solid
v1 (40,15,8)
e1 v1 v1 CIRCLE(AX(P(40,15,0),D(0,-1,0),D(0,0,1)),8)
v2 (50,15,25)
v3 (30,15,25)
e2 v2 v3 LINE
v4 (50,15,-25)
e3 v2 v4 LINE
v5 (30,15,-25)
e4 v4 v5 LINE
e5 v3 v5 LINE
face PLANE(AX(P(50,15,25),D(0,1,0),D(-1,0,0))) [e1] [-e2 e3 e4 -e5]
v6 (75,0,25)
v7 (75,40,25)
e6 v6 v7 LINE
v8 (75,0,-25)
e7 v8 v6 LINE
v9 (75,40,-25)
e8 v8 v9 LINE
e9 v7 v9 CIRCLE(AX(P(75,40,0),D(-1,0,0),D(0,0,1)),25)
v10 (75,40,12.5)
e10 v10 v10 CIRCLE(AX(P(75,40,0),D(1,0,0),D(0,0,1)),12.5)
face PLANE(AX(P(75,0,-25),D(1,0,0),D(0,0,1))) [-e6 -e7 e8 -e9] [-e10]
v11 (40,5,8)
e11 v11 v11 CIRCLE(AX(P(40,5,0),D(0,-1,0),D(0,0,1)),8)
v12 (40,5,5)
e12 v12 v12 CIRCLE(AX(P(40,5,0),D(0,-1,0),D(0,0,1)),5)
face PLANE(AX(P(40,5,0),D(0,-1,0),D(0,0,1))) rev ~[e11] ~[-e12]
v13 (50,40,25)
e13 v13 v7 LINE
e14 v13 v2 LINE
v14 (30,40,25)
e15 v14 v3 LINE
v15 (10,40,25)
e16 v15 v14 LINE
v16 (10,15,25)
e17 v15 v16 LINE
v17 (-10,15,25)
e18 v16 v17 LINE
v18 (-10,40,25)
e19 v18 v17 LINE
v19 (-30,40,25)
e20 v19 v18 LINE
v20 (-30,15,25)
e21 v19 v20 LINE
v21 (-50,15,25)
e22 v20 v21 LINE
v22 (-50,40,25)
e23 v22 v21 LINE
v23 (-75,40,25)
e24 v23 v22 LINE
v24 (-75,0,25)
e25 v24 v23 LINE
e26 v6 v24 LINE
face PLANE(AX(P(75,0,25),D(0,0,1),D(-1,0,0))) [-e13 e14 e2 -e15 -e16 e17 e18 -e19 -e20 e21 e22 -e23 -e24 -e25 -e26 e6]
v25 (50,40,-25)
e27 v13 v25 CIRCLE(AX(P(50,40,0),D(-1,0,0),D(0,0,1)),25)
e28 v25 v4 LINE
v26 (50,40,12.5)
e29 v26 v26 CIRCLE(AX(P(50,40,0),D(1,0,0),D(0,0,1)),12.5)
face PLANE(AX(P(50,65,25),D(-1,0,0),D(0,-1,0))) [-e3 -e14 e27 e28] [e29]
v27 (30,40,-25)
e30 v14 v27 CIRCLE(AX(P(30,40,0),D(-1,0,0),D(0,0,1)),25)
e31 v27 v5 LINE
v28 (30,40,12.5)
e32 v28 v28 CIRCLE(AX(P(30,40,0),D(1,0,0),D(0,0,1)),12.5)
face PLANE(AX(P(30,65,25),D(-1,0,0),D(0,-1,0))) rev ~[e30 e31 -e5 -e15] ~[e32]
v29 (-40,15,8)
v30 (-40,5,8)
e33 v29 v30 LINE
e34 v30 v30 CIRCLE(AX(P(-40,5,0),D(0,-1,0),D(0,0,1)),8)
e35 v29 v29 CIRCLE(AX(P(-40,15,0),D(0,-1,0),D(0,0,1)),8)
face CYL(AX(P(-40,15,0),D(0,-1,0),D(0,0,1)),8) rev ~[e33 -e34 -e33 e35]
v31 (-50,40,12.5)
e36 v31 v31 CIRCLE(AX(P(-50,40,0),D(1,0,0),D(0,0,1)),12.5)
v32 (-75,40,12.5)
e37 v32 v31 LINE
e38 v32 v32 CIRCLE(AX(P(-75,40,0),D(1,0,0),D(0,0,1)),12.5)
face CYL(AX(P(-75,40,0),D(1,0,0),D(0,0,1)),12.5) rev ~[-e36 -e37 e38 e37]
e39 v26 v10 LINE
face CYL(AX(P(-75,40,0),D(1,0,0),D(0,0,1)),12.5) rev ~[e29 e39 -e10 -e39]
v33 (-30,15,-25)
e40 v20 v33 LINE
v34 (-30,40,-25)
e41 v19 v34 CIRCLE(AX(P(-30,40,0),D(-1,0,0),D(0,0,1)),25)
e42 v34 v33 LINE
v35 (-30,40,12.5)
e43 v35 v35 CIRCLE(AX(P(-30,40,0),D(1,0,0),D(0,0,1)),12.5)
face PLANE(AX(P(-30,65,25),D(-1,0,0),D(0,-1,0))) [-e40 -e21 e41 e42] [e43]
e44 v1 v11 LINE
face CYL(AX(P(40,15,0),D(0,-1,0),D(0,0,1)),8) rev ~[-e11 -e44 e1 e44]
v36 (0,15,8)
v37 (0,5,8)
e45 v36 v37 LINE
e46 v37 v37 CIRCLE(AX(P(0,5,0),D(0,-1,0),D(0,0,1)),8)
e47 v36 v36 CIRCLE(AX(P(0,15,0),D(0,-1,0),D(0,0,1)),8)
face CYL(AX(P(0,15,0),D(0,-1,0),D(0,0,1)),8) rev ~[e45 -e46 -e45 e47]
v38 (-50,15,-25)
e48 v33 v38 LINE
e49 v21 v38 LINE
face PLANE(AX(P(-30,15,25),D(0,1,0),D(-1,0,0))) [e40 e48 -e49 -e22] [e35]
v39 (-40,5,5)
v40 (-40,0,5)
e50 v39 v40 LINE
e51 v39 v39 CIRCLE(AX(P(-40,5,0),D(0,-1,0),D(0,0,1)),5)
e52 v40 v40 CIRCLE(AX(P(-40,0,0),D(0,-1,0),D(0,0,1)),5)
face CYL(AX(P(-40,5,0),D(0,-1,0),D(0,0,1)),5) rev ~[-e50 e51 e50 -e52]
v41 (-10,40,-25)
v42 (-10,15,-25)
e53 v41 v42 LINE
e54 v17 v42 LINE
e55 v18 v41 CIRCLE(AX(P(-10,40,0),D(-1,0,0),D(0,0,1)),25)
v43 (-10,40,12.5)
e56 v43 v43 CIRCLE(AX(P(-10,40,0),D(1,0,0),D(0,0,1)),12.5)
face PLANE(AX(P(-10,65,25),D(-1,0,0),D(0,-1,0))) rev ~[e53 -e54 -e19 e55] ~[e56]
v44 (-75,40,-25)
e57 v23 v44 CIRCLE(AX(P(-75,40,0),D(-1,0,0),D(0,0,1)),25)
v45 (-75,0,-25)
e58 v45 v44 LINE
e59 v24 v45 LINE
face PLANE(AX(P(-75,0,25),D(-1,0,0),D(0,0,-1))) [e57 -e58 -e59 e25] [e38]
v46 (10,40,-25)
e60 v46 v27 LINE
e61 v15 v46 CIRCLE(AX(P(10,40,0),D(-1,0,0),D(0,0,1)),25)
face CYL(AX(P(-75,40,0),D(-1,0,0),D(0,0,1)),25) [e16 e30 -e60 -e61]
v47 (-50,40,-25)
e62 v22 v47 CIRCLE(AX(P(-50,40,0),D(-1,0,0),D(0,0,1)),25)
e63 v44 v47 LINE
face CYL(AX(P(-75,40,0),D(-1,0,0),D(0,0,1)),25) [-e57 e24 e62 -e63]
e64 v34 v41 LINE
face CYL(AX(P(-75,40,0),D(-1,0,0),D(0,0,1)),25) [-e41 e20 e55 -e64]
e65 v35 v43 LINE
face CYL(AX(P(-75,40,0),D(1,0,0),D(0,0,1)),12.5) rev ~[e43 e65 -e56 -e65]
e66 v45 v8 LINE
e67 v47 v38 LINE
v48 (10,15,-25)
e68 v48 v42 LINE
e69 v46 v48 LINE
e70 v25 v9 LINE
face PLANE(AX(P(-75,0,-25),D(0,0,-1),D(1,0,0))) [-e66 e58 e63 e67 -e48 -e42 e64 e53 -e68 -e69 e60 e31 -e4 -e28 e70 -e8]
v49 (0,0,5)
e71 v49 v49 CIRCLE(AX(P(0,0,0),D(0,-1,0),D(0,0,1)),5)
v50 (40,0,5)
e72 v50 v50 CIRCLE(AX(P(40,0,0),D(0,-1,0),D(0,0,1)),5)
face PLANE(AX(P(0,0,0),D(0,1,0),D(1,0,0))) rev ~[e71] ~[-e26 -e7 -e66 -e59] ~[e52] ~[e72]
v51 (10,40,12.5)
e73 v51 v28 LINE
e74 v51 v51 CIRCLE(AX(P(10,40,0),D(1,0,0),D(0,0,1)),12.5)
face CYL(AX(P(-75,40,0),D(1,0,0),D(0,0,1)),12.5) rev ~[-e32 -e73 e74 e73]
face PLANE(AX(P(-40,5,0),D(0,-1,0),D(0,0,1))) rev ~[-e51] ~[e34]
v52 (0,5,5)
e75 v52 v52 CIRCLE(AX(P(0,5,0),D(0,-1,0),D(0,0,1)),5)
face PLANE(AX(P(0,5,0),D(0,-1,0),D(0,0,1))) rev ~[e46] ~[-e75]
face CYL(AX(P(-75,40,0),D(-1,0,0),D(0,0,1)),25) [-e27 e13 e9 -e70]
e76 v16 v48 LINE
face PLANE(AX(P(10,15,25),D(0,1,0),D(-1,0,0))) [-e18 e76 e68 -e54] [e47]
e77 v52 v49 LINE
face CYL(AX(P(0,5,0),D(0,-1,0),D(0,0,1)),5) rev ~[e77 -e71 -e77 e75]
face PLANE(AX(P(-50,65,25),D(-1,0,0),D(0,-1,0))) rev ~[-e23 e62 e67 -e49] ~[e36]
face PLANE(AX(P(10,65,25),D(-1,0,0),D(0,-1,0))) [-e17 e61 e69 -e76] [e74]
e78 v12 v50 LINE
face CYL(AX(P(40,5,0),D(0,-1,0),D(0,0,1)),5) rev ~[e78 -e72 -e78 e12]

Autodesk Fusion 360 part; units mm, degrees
sketch "Sketch1" plane through (0, 0, 0) normal (0, 1, 0) x (1, 0, 0)
  line L0 (75, -25) -> (-75, -25)
  line L1 (-75, -25) -> (-75, 25)
  line L2 (-75, 25) -> (75, 25)
  line L3 (75, 25) -> (75, -25)
  line L4 (75, -25) -> (-75, 25) construction
  line L5 (-75, -25) -> (75, 25) construction
  dimension "d1" = 150
  dimension "d2" = 50
extrude "Extrude1" add sketch "Sketch1" along normal blind 65
sketch "Sketch2" plane through (0, 0, 25) normal (0, 0, 1) x (1, 0, 0)
  line L0 (-75, 0) -> (75, 0)
  line L1 (75, 0) -> (75, 65)
  line L2 (75, 65) -> (-75, 65)
  line L3 (-75, 65) -> (-75, 0)
  line L4 (-75, 0) -> (75, 0)
  line L5 (75, 0) -> (75, 15)
  line L6 (75, 15) -> (-75, 15)
  line L7 (-75, 15) -> (-75, 0)
  line L8 (-75, 65) -> (-50, 65)
  line L9 (-50, 65) -> (-50, 15)
  line L10 (-50, 15) -> (-75, 15)
  line L11 (-75, 15) -> (-75, 65)
  line L12 (75, 65) -> (50, 65)
  line L13 (50, 65) -> (50, 15)
  line L14 (50, 15) -> (75, 15)
  line L15 (75, 15) -> (75, 65)
  line L16 (-50, 65) -> (-30, 65)
  line L17 (-30, 65) -> (-30, 15)
  line L18 (-30, 15) -> (-50, 15)
  line L19 (-50, 15) -> (-50, 65)
  line L20 (-30, 65) -> (-10, 65)
  line L21 (-10, 65) -> (-10, 15)
  line L22 (-10, 15) -> (-30, 15)
  line L23 (-30, 15) -> (-30, 65)
  line L24 (-10, 65) -> (10, 65)
  line L25 (10, 65) -> (10, 15)
  line L26 (10, 15) -> (-10, 15)
  line L27 (-10, 15) -> (-10, 65)
  line L28 (10, 65) -> (30, 65)
  line L29 (30, 65) -> (30, 15)
  line L30 (30, 15) -> (10, 15)
  line L31 (10, 15) -> (10, 65)
  line L32 (30, 65) -> (50, 65)
  line L33 (50, 65) -> (50, 15)
  line L34 (50, 15) -> (30, 15)
  line L35 (30, 15) -> (30, 65)
  dimension "d5" = 150
  dimension "d6" = 15
  dimension "d7" = 20
  dimension "d8" = 20
  dimension "d9" = 20
  dimension "d10" = 20
  dimension "d11" = 20
  dimension "d12" = 25
extrude "Extrude2" cut sketch "Sketch2" against normal blind 50 contours L2 L6 L9 L16 L17 L18 L19 L23 | L2 L6 L13 L29 L32 L33 L34 L35 | L2 L6 L21 L24 L25 L26 L27 L31
sketch "Sketch3" plane through (-75, 0, 0) normal (-1, 0, 0) x (0, 0, 1)
  line L0 (-25, 0) -> (25, 0)
  line L1 (25, 0) -> (25, 65)
  line L2 (25, 65) -> (-25, 65)
  line L3 (-25, 65) -> (-25, 0)
  circle A0 centre (0, 40) radius 25
  dimension "d15" = 40
extrude "Extrude3" cut sketch "Sketch3" against normal blind 150 contours L2 L3 A0 | L1 L2 A0
sketch "Sketch4" plane through (0, 15, 0) normal (0, 1, 0) x (-1, 0, 0)
  line L0 (50, 25) -> (30, 25)
  line L1 (30, 25) -> (30, -25)
  line L2 (30, -25) -> (50, -25)
  line L3 (50, -25) -> (50, 25)
  circle A0 centre (40, 0) radius 5
  circle A1 centre (0, 0) radius 5
  circle A2 centre (-40, 0) radius 5
hole "Hole1" at (-40, 15, 0) at (0, 15, 0) at (40, 15, 0) direction (0, -1, 0) diameter 10 depth 30 tip angle 118 counterbore diameter 16 counterbore depth 10
sketch "Sketch5" plane through (-75, 0, 0) normal (-1, 0, 0) x (0, 0, 1)
  arc A0 (25, 40) -> (-25, 40) centre (0, 40) ccw
  line L0 (-25, 40) -> (-25, 0)
  line L1 (-25, 0) -> (25, 0)
  line L2 (25, 0) -> (25, 40)
  circle A1 centre (0, 40) radius 25
  dimension "d23" = 50
hole "Hole2" at (-75, 40, 0) direction (1, 0, 0) diameter 25 depth 150 tip angle 180
